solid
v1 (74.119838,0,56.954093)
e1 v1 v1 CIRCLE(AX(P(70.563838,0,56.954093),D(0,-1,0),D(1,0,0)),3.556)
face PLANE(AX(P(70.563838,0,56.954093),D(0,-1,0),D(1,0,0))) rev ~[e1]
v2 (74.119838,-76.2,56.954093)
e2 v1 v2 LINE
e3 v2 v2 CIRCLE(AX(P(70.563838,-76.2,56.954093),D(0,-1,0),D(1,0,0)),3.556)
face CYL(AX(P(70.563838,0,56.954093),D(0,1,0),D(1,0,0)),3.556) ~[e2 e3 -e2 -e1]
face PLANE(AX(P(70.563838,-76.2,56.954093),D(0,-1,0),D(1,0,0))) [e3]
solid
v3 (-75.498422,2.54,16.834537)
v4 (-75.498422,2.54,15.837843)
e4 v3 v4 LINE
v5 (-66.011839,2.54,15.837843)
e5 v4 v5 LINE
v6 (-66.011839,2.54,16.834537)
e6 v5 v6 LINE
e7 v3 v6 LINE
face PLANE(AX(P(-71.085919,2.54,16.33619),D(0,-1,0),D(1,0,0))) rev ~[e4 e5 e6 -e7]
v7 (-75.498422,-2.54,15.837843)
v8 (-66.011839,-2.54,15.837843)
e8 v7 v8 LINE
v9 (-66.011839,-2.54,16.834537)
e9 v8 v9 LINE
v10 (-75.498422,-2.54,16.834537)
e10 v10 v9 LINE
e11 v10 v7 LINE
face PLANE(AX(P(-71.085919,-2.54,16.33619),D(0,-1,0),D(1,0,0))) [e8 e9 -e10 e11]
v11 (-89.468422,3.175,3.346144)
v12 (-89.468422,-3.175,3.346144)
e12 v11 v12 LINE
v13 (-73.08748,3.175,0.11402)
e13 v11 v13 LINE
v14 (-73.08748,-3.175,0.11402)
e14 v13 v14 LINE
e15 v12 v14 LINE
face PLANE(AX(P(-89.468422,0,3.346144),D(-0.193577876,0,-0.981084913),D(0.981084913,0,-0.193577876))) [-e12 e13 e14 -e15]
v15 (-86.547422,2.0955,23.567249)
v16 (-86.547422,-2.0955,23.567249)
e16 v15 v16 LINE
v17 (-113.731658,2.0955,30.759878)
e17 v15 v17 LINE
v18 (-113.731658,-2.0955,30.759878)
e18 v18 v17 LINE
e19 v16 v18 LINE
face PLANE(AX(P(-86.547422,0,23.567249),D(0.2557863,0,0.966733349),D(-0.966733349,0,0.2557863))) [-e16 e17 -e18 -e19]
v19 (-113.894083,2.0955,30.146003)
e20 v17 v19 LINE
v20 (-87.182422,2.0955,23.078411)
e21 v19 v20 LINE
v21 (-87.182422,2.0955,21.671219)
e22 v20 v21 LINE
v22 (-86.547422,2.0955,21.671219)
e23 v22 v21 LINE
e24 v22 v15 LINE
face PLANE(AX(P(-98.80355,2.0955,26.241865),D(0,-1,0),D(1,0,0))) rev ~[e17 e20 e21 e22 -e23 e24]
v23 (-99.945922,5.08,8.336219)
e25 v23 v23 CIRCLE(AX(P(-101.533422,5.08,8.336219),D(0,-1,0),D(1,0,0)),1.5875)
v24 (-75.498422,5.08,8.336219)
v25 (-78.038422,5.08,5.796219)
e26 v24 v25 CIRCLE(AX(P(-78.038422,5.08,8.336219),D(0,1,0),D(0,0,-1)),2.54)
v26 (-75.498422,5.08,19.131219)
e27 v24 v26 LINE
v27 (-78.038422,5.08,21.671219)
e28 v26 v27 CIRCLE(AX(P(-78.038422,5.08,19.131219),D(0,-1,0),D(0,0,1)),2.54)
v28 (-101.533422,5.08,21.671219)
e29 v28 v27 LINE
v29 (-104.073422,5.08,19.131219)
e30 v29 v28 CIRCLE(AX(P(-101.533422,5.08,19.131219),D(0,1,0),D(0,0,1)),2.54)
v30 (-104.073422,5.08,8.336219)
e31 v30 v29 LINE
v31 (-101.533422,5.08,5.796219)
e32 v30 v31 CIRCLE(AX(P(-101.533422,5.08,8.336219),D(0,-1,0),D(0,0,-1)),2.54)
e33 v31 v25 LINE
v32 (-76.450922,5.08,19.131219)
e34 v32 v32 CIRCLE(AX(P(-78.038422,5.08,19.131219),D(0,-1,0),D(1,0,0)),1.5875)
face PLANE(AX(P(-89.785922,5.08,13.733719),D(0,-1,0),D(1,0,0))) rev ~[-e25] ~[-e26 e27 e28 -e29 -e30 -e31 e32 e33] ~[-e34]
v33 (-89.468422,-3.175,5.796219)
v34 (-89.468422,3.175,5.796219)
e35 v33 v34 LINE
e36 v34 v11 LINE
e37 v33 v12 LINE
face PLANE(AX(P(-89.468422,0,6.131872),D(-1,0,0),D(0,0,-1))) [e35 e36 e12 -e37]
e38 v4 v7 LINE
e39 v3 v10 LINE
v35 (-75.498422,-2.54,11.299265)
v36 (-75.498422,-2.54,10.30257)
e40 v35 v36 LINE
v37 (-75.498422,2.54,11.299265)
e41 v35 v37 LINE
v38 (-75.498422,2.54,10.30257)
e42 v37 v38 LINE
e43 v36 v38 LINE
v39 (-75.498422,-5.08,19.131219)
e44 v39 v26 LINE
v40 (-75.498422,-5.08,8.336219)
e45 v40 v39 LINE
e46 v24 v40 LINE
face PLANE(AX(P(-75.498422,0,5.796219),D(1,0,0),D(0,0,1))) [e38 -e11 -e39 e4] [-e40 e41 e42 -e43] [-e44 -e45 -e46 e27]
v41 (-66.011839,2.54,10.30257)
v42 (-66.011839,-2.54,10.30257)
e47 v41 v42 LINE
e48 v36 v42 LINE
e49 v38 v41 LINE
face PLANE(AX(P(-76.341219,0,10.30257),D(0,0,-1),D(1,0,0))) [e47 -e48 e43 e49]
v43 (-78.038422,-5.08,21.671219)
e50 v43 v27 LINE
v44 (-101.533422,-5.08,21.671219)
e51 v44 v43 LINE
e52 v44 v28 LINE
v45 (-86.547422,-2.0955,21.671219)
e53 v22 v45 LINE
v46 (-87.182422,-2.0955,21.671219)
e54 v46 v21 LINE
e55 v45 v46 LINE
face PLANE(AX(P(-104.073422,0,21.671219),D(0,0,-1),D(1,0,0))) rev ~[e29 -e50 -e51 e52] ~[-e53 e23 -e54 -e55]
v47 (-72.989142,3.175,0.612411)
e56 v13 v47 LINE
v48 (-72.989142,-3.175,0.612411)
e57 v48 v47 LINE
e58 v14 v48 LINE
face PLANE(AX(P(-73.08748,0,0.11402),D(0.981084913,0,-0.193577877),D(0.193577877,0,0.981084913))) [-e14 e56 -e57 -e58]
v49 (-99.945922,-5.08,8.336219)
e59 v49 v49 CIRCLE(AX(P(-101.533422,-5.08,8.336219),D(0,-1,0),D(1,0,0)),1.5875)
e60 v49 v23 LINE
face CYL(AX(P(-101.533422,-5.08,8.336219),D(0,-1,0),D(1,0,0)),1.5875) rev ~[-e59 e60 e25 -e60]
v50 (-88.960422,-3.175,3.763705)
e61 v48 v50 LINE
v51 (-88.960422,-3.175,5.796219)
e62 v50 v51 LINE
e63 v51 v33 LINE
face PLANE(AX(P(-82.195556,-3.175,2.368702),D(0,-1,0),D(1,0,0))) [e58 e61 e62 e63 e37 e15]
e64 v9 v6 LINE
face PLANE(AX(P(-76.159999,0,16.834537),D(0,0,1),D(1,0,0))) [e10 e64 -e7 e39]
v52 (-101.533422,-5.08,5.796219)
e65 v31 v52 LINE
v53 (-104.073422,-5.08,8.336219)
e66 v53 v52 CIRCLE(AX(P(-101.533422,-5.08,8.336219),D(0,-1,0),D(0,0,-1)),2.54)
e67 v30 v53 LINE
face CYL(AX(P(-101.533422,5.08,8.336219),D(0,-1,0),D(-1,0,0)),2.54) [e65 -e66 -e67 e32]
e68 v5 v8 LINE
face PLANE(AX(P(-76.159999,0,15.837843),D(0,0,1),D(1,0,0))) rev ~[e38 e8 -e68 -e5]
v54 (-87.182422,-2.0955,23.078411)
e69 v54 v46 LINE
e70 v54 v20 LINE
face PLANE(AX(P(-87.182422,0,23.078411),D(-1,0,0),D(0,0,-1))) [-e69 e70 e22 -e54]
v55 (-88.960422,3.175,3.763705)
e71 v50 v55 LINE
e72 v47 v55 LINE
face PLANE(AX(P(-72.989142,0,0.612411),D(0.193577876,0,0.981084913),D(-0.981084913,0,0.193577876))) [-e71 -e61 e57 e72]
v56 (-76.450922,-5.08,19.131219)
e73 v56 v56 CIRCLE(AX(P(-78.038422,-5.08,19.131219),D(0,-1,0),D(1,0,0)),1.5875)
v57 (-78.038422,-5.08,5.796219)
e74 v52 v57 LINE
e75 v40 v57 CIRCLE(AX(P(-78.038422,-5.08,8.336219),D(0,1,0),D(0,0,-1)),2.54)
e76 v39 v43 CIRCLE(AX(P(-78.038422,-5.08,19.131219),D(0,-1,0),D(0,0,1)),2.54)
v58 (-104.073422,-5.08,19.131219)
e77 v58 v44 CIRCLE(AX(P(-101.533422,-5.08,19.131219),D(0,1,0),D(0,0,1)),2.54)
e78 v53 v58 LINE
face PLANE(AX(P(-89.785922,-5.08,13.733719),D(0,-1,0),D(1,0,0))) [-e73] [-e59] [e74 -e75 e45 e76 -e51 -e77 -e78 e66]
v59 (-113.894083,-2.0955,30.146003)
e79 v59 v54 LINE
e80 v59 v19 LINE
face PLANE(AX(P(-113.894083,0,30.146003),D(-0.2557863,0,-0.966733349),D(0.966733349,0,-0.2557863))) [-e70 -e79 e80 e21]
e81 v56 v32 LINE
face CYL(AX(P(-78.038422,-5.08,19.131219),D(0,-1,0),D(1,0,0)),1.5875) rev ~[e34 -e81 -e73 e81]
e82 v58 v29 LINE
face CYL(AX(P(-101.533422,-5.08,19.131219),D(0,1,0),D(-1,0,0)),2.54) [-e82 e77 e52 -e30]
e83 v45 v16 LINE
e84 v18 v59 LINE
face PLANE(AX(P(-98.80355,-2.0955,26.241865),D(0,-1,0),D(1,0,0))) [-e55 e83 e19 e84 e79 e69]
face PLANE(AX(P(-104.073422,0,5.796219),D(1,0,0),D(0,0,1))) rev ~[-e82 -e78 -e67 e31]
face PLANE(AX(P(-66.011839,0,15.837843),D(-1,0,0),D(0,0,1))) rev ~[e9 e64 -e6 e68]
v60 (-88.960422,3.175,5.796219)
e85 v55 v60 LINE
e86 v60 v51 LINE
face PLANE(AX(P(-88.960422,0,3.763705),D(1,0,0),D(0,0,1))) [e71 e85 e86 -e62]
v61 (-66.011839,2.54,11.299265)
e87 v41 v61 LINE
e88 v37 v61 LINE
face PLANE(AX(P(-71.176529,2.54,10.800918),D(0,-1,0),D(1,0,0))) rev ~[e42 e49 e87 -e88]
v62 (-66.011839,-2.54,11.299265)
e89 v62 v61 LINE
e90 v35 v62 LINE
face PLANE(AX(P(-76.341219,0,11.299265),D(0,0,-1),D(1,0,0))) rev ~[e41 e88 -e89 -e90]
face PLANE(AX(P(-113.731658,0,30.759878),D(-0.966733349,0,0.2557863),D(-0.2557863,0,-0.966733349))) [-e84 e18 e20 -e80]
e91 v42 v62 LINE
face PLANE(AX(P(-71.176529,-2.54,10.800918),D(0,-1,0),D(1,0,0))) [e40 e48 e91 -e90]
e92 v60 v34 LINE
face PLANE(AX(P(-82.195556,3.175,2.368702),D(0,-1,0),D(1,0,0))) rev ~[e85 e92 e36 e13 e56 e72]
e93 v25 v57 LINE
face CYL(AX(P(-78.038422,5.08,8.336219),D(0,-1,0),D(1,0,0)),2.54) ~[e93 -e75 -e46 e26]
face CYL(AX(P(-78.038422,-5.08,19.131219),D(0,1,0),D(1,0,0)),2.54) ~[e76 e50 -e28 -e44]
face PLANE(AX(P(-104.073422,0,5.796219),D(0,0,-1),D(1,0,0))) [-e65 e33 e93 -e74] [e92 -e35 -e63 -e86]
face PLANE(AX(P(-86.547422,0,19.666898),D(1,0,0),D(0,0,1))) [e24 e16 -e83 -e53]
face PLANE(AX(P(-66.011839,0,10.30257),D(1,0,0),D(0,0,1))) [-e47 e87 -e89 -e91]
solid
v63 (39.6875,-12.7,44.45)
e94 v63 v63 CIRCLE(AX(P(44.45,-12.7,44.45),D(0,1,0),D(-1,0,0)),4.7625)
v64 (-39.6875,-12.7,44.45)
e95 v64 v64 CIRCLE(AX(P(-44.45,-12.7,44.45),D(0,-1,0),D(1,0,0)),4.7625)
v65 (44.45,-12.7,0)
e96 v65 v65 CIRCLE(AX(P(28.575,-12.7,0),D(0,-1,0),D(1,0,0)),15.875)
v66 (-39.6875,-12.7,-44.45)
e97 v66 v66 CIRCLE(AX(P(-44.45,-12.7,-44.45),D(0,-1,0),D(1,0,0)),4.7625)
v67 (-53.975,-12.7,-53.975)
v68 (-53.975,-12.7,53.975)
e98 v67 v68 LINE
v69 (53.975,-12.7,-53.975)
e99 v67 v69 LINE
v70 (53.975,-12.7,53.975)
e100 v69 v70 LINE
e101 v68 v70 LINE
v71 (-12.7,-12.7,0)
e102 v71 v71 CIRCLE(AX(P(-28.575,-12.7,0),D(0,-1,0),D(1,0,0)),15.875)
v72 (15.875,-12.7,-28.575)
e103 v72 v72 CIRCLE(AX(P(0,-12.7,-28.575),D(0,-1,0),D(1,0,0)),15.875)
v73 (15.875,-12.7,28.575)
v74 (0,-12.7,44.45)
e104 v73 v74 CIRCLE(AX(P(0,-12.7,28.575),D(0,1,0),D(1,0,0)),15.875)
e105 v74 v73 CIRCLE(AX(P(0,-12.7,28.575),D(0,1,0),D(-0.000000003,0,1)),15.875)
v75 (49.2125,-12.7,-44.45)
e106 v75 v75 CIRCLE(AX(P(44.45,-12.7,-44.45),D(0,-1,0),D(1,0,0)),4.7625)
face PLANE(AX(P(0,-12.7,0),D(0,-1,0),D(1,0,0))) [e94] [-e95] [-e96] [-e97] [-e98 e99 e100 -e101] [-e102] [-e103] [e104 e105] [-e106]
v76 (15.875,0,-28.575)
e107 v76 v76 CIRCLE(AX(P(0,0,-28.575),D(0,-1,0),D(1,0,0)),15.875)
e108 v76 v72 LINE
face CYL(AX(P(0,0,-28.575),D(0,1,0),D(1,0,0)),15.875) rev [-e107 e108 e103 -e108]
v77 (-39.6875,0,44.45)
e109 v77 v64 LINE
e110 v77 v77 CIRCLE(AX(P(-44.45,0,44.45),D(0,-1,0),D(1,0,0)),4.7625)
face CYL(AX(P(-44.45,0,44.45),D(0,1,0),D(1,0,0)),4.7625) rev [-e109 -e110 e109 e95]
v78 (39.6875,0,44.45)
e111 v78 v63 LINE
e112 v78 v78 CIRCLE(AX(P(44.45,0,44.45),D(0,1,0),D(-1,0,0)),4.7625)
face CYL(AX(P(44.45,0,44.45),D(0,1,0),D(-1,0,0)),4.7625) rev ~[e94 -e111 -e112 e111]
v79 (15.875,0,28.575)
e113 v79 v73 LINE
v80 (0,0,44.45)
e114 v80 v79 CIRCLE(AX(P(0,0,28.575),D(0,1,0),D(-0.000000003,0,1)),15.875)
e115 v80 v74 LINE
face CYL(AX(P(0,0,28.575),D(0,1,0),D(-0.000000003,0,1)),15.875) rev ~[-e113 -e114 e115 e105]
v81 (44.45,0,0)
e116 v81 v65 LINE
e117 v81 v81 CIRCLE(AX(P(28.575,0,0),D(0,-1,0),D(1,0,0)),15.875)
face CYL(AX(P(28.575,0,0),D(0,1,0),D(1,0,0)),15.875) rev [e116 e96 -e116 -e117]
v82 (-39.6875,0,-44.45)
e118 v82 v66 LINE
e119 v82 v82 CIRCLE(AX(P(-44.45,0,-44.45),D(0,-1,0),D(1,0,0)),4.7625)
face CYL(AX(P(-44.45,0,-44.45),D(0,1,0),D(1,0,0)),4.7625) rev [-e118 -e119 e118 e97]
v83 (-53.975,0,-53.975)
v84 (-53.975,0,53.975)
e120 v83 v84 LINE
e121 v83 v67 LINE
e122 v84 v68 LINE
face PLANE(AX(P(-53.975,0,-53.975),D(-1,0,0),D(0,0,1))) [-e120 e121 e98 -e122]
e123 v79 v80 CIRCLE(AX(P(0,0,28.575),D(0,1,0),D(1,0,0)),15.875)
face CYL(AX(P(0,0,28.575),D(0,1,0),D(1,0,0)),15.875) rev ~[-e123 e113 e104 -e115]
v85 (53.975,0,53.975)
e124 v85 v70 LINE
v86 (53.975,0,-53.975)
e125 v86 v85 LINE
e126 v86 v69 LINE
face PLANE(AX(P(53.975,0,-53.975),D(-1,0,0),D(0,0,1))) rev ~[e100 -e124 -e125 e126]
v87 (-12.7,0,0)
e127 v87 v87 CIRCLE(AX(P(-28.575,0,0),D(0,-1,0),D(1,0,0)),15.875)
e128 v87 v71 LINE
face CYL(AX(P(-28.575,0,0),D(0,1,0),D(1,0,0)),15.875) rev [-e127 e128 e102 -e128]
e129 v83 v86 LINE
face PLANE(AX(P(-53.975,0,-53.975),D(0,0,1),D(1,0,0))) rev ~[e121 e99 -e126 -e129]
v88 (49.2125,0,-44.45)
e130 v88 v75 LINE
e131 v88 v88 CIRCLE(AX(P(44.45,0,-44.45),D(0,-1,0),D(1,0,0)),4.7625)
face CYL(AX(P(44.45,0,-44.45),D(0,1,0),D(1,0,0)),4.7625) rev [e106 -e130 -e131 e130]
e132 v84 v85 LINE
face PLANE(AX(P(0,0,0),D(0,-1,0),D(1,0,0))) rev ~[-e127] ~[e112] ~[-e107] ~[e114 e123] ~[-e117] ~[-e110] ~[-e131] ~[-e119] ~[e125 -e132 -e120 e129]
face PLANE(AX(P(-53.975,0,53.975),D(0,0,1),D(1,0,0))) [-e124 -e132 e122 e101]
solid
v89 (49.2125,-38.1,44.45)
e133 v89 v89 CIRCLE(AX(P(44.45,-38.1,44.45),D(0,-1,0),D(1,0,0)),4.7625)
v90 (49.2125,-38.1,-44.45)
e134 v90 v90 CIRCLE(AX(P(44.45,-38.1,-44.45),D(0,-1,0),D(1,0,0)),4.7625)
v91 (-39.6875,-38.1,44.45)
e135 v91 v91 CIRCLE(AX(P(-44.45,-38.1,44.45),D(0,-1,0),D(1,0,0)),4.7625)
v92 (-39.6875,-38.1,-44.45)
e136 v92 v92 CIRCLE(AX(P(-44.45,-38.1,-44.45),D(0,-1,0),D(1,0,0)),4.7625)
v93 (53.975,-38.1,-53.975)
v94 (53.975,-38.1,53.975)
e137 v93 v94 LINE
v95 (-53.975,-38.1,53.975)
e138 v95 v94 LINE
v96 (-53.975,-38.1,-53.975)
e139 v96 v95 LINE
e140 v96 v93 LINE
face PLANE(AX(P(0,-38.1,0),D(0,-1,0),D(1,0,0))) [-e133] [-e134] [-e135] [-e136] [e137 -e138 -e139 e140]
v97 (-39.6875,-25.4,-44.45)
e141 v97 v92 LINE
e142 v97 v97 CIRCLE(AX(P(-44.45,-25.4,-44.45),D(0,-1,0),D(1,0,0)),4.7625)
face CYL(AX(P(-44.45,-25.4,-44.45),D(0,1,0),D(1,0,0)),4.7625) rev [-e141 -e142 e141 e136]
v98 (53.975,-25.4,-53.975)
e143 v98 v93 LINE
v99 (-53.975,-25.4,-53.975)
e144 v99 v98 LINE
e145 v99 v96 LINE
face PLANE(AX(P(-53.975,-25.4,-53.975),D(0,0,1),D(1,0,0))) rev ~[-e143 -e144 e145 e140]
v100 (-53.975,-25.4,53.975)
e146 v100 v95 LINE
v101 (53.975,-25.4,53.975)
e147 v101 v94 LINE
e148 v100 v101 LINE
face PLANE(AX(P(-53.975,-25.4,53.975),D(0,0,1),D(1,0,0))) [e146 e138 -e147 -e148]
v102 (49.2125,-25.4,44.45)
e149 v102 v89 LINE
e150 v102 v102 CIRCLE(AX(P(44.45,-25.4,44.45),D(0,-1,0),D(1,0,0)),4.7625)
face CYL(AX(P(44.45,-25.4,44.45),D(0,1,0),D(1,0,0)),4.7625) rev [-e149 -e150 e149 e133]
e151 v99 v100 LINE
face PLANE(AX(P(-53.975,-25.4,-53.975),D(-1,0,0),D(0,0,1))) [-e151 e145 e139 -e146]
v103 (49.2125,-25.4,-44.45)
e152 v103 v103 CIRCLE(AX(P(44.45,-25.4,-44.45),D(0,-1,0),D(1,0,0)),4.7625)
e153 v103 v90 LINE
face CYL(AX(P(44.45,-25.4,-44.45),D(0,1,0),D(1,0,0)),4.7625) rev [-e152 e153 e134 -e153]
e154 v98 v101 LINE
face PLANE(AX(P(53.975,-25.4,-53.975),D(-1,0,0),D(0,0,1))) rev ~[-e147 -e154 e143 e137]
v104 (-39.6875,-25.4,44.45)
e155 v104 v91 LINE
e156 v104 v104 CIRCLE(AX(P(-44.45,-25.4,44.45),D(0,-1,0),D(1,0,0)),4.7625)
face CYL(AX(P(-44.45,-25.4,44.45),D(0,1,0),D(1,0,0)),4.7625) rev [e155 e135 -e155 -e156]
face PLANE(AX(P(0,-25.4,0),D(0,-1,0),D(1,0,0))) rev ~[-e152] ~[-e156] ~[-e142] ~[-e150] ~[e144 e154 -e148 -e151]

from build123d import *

# Parameters (mm, degrees)
F0_W      = 107.95
F0_H      = 107.95
F0_R      = 4.7625
F0_R_2    = 15.875
F1_DEPTH  = 12.7
F3_W      = 107.95
F3_H      = 107.95
F3_R      = 4.7625
F4_DEPTH  = 12.7
F5_R      = 3.556
F6_DEPTH  = 76.2
F7_W      = 28.575
F7_H      = 15.875
F8_DEPTH  = 5.08
F9_R      = 2.54
F10_R     = 1.5875
F11_DEPTH = 25.4
F13_DEPTH = 3.175
F14_W     = 10.1481601596
F14_H     = 0.9966949001
F14_W_2   = 10.3293806314
F15_DEPTH = 2.54
F17_DEPTH = 2.0955


with BuildPart() as f1:
    # F0 (on Front) → F1 (new body)
    with BuildSketch(Plane.XZ):
        Rectangle(F0_W, F0_H)
        with Locations((-44.45, -44.45)):
            Circle(F0_R, mode=Mode.SUBTRACT)
        with Locations((0, -28.575)):
            Circle(F0_R_2, mode=Mode.SUBTRACT)
        with Locations((44.45, -44.45)):
            Circle(F0_R, mode=Mode.SUBTRACT)
        with Locations((-28.575, 0)):
            Circle(F0_R_2, mode=Mode.SUBTRACT)
        with Locations((-44.45, 44.45)):
            Circle(F0_R, mode=Mode.SUBTRACT)
        with Locations((28.575, 0)):
            Circle(F0_R_2, mode=Mode.SUBTRACT)
        with BuildLine():
            ThreePointArc((-4.16e-08, 44.45), (11.2253201366, 39.800320166), (15.875, 28.575))
            ThreePointArc((15.875, 28.575), (-11.2253201366, 17.349679834), (-4.16e-08, 44.45))
        make_face(mode=Mode.SUBTRACT)
        with BuildLine():
            ThreePointArc((49.2125, 44.45), (44.45, 39.6875), (39.6875, 44.45))
            ThreePointArc((39.6875, 44.45), (44.45, 49.2125), (49.2125, 44.45))
        make_face(mode=Mode.SUBTRACT)
    extrude(amount=F1_DEPTH)


with BuildPart() as f4:
    # F3 (on offset) → F4 (new body)
    with BuildSketch(Plane.XZ.offset(25.4)):
        Rectangle(F3_W, F3_H)
        with Locations((-44.45, -44.45)):
            Circle(F3_R, mode=Mode.SUBTRACT)
        with Locations((44.45, -44.45)):
            Circle(F3_R, mode=Mode.SUBTRACT)
        with Locations((-44.45, 44.45)):
            Circle(F3_R, mode=Mode.SUBTRACT)
        with Locations((44.45, 44.45)):
            Circle(F3_R, mode=Mode.SUBTRACT)
    extrude(amount=F4_DEPTH)


with BuildPart() as f6:
    # F5 (on Front) → F6 (new body)
    with BuildSketch(Plane.XZ):
        with Locations((70.5638378859, 56.9540932775)):
            Circle(F5_R)
    extrude(amount=F6_DEPTH)


with BuildPart() as f8:
    # F7 (on Front) → F8 (new body, symmetric)
    with BuildSketch(Plane.XZ):
        with Locations((-89.7859223187, 13.733718681)):
            Rectangle(F7_W, F7_H)
    extrude(amount=F8_DEPTH, both=True)

    # F9
    f9_edges = [f8.edges().sort_by_distance(p)[0] for p in [
        (-104.073422, 0, 21.671219),
        (-104.073422, 0, 5.796219),
        (-75.498422, 0, 5.796219),
        (-75.498422, 0, 21.671219),
    ]]
    fillet(f9_edges, radius=F9_R)

    # F10 (on face) → F11 (cut)
    with BuildSketch(Plane.XZ.offset(5.08)):
        with Locations((-101.5334223187, 8.336218681)):
            Circle(F10_R)
        with Locations((-78.0384223187, 19.131218681)):
            Circle(F10_R)
    extrude(amount=-F11_DEPTH, mode=Mode.SUBTRACT)

    # F12 (on Front) → F13 (join, symmetric)
    with BuildSketch(Plane.XZ):
        Polygon((-88.9604223187, 6.1318718059), (-89.4684223187, 6.1318718059), (-89.4684223187, 3.3461439855), (-73.0874799634, 0.1140200436), (-72.9891424021, 0.6124111792), (-88.9604223187, 3.7637046202), align=None)
    extrude(amount=F13_DEPTH, both=True)

    # F14 (on Front) → F15 (join, symmetric)
    with BuildSketch(Plane.XZ):
        with Locations((-71.0859186947, 16.3361900486)):
            Rectangle(F14_W, F14_H)
        with Locations((-71.1765289307, 10.8009177894)):
            Rectangle(F14_W_2, F14_H)
    extrude(amount=F15_DEPTH, both=True)

    # F16 (on Front) → F17 (join, symmetric)
    with BuildSketch(Plane.XZ):
        Polygon((-87.1824223187, 23.0784109219), (-87.1824223187, 19.6668980286), (-86.5474223187, 19.6668980286), (-86.5474223187, 23.5672486144), (-113.7316583056, 30.7598784464), (-113.8940826058, 30.1460027695), align=None)
    extrude(amount=F17_DEPTH, both=True)


solid = Compound([f1.part, f4.part, f6.part, f8.part])
